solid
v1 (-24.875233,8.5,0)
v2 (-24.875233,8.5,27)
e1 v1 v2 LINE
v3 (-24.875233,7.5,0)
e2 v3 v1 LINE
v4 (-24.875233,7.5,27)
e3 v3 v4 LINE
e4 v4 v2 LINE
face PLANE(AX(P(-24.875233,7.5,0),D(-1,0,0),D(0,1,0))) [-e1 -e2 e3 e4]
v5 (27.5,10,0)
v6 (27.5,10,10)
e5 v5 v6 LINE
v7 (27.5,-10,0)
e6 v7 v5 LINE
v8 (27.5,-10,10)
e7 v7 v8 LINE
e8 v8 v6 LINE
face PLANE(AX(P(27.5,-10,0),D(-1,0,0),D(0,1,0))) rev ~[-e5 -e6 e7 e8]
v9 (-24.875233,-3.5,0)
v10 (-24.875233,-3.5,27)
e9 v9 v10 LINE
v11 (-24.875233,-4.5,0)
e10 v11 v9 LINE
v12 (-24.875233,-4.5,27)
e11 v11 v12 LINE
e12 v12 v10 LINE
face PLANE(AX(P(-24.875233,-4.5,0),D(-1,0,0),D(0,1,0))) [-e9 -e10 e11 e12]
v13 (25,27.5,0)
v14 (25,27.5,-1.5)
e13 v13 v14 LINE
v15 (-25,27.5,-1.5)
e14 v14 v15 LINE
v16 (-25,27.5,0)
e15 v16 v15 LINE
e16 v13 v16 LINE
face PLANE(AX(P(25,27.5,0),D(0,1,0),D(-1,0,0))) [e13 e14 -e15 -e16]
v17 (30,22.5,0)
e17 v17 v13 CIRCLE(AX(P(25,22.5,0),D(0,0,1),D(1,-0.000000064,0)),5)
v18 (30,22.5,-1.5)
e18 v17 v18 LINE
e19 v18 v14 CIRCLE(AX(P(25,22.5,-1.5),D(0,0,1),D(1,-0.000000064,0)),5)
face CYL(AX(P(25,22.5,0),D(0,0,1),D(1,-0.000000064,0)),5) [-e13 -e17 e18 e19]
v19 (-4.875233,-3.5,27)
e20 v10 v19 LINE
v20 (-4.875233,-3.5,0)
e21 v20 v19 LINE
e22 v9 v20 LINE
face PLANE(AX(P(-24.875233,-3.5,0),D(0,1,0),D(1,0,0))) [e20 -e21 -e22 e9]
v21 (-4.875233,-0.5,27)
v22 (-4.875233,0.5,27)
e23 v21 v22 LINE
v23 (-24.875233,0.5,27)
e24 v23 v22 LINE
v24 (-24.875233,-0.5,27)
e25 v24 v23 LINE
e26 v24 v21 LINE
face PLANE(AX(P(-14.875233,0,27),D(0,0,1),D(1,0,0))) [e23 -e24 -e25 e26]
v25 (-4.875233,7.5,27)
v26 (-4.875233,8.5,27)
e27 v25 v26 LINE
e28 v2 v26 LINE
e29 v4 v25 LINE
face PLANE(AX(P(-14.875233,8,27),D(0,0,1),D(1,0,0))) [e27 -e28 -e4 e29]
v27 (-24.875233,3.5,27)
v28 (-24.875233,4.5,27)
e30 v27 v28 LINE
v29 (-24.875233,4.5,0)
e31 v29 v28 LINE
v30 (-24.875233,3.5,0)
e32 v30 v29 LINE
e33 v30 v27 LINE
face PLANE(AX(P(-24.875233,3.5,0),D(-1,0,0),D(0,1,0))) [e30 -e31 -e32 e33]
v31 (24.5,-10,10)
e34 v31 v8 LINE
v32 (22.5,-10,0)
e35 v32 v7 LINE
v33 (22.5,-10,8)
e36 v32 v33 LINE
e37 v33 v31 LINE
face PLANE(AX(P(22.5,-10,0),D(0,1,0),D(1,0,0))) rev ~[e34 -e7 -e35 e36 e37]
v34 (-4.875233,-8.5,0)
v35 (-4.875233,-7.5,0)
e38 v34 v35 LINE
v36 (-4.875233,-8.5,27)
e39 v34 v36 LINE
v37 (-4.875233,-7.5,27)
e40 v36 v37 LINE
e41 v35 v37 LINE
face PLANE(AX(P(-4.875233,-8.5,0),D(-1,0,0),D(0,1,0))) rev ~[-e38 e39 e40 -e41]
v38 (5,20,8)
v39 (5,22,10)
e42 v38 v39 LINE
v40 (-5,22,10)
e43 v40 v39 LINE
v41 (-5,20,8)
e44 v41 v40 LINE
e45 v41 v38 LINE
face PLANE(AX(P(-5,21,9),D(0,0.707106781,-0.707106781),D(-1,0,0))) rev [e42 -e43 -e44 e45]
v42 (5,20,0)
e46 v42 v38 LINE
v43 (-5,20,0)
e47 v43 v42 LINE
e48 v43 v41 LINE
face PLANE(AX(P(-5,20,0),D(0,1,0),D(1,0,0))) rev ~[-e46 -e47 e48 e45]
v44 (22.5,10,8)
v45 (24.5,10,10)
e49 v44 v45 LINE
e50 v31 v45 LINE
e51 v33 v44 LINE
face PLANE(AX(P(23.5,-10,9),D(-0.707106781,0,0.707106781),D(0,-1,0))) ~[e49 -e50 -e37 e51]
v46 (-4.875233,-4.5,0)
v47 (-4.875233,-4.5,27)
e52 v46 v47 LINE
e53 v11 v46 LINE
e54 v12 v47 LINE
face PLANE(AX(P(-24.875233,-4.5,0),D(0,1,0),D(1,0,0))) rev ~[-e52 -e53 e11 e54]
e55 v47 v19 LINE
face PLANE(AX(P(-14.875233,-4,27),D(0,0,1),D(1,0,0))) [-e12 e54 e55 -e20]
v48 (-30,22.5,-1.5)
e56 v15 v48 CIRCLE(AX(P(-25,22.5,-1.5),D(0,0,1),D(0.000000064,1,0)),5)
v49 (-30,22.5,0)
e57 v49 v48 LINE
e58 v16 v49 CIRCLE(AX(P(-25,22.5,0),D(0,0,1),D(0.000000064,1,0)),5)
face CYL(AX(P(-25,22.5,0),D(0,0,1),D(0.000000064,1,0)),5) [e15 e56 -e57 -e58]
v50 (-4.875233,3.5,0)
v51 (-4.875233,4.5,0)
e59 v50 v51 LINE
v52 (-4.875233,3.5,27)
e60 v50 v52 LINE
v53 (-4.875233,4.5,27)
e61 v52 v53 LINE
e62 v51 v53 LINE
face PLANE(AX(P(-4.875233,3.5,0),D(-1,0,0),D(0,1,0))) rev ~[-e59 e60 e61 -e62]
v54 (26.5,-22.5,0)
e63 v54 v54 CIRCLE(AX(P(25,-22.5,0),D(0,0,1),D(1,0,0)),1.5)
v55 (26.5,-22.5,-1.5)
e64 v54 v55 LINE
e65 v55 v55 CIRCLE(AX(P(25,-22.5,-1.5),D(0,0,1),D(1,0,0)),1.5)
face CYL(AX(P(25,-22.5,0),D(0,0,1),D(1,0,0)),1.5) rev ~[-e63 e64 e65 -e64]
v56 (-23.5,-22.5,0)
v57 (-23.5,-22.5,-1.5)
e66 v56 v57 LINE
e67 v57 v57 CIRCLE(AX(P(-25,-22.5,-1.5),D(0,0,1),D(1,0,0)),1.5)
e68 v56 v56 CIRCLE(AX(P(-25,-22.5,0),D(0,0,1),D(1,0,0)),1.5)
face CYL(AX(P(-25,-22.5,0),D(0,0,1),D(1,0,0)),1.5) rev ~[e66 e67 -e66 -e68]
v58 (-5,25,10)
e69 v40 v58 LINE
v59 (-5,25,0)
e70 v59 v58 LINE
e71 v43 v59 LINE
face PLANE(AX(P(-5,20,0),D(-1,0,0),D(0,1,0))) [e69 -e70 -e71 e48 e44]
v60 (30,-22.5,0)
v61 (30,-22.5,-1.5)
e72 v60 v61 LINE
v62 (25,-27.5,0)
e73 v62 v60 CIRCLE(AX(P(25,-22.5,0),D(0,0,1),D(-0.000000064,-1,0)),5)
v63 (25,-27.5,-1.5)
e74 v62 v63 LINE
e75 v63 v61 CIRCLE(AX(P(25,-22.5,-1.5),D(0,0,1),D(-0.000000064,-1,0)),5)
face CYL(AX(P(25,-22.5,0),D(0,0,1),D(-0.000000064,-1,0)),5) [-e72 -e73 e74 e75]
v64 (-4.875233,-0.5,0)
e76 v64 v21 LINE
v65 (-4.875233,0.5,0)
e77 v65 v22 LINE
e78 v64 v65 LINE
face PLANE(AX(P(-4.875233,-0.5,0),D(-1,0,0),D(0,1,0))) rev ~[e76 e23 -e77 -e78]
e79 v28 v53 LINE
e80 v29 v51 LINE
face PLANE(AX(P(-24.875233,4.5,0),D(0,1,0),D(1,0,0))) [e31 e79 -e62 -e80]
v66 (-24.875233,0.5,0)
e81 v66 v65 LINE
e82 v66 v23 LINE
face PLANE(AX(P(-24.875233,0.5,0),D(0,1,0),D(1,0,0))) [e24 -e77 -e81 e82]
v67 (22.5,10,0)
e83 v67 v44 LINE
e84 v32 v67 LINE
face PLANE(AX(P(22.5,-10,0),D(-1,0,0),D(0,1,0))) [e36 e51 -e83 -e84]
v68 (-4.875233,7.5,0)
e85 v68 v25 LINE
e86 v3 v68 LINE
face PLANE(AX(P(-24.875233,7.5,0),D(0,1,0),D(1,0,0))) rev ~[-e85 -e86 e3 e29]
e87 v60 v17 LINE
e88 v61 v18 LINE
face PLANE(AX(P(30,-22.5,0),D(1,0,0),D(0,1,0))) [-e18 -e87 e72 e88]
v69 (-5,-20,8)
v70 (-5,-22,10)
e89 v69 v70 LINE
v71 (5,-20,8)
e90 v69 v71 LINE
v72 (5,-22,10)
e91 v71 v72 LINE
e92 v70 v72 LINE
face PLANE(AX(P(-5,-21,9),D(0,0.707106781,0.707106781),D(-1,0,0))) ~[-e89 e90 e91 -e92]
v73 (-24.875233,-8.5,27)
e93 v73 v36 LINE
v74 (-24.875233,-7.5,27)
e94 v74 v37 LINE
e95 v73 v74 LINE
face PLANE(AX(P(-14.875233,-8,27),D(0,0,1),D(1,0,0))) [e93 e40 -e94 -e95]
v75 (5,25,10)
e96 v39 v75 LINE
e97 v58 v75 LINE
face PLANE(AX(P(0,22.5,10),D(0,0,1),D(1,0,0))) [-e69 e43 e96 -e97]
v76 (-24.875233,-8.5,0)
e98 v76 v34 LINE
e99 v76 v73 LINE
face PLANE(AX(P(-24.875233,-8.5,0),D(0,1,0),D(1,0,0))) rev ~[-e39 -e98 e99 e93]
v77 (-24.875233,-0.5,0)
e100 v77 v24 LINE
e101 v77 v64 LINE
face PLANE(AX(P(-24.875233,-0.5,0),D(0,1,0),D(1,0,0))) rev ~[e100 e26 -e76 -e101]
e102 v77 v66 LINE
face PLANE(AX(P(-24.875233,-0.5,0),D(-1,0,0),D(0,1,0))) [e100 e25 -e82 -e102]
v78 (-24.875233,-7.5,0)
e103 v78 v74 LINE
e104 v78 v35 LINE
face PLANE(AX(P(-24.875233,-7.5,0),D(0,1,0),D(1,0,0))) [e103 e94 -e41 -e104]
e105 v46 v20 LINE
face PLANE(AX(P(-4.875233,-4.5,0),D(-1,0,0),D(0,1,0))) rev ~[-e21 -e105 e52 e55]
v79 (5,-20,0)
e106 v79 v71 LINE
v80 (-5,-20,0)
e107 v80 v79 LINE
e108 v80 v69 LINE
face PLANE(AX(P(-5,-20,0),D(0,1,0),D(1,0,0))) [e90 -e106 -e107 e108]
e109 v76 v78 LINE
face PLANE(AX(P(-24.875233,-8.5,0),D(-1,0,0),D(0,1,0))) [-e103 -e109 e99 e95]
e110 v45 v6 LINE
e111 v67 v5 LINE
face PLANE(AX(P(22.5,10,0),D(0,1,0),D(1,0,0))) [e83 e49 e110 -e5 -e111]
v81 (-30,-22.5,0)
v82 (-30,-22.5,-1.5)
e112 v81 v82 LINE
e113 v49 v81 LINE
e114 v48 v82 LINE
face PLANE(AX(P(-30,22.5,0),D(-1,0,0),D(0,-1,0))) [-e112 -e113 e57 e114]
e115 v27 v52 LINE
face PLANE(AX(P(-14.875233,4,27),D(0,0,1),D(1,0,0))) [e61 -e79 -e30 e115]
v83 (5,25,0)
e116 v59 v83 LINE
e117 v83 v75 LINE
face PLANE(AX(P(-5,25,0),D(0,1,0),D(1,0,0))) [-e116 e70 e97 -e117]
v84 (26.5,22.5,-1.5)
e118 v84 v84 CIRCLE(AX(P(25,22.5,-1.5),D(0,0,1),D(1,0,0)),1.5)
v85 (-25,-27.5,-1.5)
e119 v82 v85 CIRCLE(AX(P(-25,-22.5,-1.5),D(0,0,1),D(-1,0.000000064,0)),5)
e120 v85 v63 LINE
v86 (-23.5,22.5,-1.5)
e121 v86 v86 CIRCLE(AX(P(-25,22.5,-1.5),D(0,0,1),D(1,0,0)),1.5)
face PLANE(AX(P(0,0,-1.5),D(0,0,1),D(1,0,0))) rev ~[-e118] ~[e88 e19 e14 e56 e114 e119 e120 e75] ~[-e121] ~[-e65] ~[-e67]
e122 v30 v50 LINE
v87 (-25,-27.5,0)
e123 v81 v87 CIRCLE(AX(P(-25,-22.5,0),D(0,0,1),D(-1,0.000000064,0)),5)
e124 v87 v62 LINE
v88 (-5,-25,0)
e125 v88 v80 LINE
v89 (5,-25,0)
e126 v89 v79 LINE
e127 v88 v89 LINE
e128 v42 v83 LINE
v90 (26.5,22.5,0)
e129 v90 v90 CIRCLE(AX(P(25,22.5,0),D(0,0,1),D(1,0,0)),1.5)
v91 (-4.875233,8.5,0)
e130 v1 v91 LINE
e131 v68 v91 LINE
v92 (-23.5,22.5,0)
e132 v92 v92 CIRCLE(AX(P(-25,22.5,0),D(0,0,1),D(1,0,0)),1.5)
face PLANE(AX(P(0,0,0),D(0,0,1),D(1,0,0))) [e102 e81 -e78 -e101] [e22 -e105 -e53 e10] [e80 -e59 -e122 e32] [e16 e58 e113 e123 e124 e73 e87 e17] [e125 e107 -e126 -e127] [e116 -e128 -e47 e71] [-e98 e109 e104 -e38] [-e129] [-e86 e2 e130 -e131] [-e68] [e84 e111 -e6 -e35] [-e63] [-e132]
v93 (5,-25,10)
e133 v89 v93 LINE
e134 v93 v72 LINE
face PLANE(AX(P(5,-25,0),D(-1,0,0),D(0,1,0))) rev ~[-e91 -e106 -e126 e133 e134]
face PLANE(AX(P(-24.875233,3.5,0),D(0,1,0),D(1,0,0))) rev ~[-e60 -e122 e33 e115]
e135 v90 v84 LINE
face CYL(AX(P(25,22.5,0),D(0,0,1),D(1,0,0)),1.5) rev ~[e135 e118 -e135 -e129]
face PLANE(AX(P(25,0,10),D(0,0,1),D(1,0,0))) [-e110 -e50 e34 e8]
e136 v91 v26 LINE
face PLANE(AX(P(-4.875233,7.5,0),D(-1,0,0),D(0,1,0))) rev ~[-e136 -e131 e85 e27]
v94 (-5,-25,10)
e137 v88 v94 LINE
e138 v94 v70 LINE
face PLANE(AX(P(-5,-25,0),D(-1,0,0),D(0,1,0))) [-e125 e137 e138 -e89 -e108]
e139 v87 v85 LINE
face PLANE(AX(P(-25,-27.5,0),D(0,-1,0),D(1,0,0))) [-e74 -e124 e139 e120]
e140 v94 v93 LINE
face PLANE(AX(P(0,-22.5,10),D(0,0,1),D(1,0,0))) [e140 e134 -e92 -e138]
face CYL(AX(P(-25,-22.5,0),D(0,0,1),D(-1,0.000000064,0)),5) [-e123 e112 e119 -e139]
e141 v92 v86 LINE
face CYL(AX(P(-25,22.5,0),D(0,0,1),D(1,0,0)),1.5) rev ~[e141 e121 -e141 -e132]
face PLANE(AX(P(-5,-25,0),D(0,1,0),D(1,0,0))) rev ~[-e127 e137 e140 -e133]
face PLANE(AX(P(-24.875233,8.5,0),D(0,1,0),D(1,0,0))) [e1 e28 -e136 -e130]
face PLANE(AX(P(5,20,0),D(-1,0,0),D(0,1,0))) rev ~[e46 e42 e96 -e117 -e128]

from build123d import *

# Parameters (mm, degrees)
F0_R     = 1.5
F1_DEPTH = 1.5
F2_W     = 20
F2_H     = 1
F3_DEPTH = 27
F4_W     = 10
F4_H     = 5
F4_W_2   = 5
F4_H_2   = 20
F5_DEPTH = 10
F6_SIZE  = 2


with BuildPart() as f1:
    # F0 (on Top) → F1 (new body)
    with BuildSketch(Plane.XY):
        with BuildLine():
            ThreePointArc((30, 22.5), (28.535534, 26.035534), (25, 27.5))
            Line((25, 27.5), (-25, 27.5))
            ThreePointArc((-25, 27.5), (-28.535534, 26.035534), (-30, 22.5))
            Line((-30, 22.5), (-30, -22.5))
            ThreePointArc((-30, -22.5), (-28.535534, -26.035534), (-25, -27.5))
            Line((-25, -27.5), (25, -27.5))
            ThreePointArc((25, -27.5), (28.535534, -26.035534), (30, -22.5))
            Line((30, -22.5), (30, 22.5))
        make_face()
        with Locations((-25, -22.5)):
            Circle(F0_R, mode=Mode.SUBTRACT)
        with Locations((25, -22.5)):
            Circle(F0_R, mode=Mode.SUBTRACT)
        with Locations((-25, 22.5)):
            Circle(F0_R, mode=Mode.SUBTRACT)
        with Locations((25, 22.5)):
            Circle(F0_R, mode=Mode.SUBTRACT)
    extrude(amount=-F1_DEPTH)

    # F2 (on face) → F3 (join)
    with BuildSketch(Plane.XY):
        with Locations((-14.875233, 0)):
            Rectangle(F2_W, F2_H)
        with Locations((-14.875233, 4)):
            Rectangle(F2_W, F2_H)
        with Locations((-14.875233, 8)):
            Rectangle(F2_W, F2_H)
        with Locations((-14.875233, -4)):
            Rectangle(F2_W, F2_H)
        with Locations((-14.875233, -8)):
            Rectangle(F2_W, F2_H)
    extrude(amount=F3_DEPTH)

    # F4 (on face) → F5 (join)
    with BuildSketch(Plane.XY):
        with Locations((0, 22.5)):
            Rectangle(F4_W, F4_H)
        with Locations((0, -22.5)):
            Rectangle(F4_W, F4_H)
        with Locations((25, 0)):
            Rectangle(F4_W_2, F4_H_2)
    extrude(amount=F5_DEPTH)

    # F6
    f6_edges = [f1.edges().sort_by_distance(p)[0] for p in [
        (0, 20, 10),
        (22.5, 0, 10),
        (0, -20, 10),
    ]]
    chamfer(f6_edges, length=F6_SIZE)


solid = f1.part
